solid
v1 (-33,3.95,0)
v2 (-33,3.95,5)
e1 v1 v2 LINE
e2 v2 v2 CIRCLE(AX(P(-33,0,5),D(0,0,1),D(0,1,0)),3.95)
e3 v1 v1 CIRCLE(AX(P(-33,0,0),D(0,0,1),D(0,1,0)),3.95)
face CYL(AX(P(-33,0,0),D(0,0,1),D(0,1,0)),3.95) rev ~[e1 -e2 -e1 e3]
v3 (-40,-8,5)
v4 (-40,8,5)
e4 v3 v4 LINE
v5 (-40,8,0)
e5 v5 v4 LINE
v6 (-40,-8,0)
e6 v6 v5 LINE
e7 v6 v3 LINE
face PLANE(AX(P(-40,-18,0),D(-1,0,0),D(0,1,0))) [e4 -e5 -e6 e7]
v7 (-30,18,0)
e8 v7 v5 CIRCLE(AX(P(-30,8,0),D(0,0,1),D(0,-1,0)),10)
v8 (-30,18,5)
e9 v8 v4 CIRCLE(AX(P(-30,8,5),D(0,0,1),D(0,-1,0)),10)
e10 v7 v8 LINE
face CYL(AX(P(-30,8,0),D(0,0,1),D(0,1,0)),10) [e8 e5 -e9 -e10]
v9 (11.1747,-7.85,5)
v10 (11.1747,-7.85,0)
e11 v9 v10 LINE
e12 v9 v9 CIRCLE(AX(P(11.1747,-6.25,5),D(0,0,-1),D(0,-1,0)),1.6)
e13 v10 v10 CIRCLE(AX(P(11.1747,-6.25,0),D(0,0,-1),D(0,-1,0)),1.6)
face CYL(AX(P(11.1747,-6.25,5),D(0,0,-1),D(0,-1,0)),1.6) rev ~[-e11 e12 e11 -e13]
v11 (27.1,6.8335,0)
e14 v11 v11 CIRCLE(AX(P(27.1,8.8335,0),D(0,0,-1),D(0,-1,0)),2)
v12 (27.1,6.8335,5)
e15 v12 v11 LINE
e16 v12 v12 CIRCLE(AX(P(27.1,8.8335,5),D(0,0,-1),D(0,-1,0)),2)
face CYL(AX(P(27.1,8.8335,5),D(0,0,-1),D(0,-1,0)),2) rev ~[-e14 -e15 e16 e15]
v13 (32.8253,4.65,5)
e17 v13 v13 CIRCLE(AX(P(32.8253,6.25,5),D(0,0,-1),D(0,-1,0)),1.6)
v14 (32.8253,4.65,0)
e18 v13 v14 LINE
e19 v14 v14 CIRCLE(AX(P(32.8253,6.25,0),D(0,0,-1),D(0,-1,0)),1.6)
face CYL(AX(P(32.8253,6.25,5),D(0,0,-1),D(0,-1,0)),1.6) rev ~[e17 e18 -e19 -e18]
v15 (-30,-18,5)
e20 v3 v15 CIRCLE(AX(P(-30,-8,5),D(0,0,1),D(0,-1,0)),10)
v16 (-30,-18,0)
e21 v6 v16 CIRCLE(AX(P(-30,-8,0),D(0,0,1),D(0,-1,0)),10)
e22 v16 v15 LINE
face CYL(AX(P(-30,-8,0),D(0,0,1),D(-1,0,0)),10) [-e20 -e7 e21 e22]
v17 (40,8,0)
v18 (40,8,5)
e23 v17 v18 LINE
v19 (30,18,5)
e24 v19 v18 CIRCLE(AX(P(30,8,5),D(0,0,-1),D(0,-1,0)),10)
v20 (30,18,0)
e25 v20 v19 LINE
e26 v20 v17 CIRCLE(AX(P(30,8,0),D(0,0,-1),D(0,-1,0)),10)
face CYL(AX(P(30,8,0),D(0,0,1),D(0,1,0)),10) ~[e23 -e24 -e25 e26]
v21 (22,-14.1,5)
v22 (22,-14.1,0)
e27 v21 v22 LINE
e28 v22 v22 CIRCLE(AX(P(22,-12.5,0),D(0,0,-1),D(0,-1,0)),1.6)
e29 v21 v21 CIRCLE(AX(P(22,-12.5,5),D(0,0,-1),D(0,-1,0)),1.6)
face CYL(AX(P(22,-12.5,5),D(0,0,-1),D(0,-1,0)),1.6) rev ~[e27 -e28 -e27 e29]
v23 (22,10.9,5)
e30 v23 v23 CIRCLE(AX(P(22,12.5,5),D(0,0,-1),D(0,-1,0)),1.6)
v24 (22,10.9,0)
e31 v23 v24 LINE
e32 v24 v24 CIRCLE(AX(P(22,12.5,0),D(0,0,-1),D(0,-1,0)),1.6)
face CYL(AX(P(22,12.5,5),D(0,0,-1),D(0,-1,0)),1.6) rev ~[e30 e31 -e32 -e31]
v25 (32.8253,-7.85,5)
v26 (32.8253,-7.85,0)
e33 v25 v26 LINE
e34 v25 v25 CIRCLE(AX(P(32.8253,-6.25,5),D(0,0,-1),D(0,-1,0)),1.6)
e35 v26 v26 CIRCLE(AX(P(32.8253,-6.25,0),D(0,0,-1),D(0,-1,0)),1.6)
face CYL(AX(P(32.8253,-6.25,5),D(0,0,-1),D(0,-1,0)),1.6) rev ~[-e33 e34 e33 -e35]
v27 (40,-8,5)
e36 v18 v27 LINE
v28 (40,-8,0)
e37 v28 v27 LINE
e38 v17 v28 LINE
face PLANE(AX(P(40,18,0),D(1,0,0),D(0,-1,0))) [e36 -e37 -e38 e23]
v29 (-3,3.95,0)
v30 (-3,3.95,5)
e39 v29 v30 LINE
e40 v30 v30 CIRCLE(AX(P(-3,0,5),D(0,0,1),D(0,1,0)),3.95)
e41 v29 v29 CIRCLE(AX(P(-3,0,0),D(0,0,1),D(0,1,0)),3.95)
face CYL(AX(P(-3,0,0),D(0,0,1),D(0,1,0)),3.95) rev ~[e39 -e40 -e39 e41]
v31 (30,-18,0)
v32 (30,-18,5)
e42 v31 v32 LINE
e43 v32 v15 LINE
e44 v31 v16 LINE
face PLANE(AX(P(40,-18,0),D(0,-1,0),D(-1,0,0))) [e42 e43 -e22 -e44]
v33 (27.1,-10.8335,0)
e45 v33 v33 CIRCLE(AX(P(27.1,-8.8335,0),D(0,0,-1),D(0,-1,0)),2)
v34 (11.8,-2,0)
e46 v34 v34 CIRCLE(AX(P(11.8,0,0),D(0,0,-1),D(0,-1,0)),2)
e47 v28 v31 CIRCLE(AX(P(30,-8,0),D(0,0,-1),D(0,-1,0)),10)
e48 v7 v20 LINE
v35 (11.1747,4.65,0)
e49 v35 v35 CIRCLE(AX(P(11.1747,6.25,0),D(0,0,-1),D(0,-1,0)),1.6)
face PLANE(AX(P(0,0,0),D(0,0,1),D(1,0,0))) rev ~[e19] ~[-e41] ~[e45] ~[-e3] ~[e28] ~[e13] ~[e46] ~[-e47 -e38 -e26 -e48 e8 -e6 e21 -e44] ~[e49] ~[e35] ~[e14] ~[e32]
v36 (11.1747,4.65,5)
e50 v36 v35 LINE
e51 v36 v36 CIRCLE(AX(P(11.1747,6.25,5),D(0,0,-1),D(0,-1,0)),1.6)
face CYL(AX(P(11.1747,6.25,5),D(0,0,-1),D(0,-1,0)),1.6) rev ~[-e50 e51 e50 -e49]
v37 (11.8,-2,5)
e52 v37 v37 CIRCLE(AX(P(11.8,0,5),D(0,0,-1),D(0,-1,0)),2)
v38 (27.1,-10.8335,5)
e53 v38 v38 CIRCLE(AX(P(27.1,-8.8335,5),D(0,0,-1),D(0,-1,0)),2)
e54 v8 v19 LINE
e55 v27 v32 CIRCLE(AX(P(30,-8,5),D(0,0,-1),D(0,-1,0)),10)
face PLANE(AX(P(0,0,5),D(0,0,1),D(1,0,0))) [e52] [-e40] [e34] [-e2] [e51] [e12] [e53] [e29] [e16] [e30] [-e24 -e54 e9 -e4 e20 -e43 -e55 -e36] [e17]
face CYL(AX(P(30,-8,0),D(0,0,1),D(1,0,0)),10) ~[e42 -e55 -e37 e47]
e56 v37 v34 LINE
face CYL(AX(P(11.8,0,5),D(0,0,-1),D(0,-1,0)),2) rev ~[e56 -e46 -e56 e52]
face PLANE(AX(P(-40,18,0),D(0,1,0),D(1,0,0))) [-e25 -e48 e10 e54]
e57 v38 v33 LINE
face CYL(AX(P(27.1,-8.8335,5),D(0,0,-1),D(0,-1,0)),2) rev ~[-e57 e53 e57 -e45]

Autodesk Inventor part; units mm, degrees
ref_plane "YZ Plane" through (0, 0, 0) normal (1, 0, 0) x (0, 1, 0)
ref_plane "XZ Plane" through (0, 0, 0) normal (0, 1, 0) x (-1, 0, 0)
ref_plane "XY Plane" through (0, 0, 0) normal (0, 0, 1) x (1, 0, 0)
sketch "スケッチ1" plane through (0, 0, 0) normal (0, 0, 1) x (1, 0, 0)
  line L0 (-40, 18) -> (40, 18)
  line L1 (40, 18) -> (40, -18)
  line L2 (40, -18) -> (-40, -18)
  line L3 (-40, -18) -> (-40, 18)
  line L4 (0, 0) -> (0, 18) construction
  line L5 (0, 0) -> (40, 0) construction
  dimension "d0" = 36
  dimension "d1" = 80
extrude "プレート1" add sketch "スケッチ1" along normal blind 5
sketch "スケッチ2" plane through (0, 0, 5) normal (0, 0, 1) x (1, 0, 0)
  line L0 (40, 18) -> (40, -18) projected
  line L1 (-40, 18) -> (-40, -18) projected
  line L2 (-40, 0) -> (40, 0) construction
  point P0 (22, 0)
  point P1 (11.8, 0)
  point P2 (27.1, -8.8335)
  point P3 (27.1, 8.8335)
  dimension "d3" = 10.2
  dimension "d6" = 360
  dimension "d116" = 18
hole "穴1" at (11.8, 0, 5) at (27.1, -8.8335, 5) at (27.1, 8.8335, 5) direction (0, 0, -1) diameter 4 depth 5
sketch "スケッチ3" plane through (0, 0, 5) normal (0, 0, 1) x (1, 0, 0)
  line L0 (40, 18) -> (40, -18) projected
  point P0 (22, 0)
  point P1 (22, -12.5)
  point P2 (32.8253, -6.25)
  point P3 (32.8253, 6.25)
  point P4 (22, 12.5)
  point P5 (11.1747, 6.25)
  point P6 (11.1747, -6.25)
  dimension "d15" = 12.5
  dimension "d18" = 360
  dimension "d117" = 18
hole "穴2" at (22, -12.5, 5) at (32.8253, -6.25, 5) at (32.8253, 6.25, 5) at (22, 12.5, 5) at (11.1747, 6.25, 5) at (11.1747, -6.25, 5) direction (0, 0, -1) diameter 3.2 depth 5
sketch "スケッチ13" plane through (0, 0, 0) normal (0, 0, -1) x (-1, 0, 0)
  line L0 (0, 0) -> (40, 0) construction
  line L1 (40, -18) -> (40, 18) projected
  line L2 (-40, 18) -> (-40, -18) projected
  point P0 (33, 0)
  point P1 (3, 0)
  dimension "d127" = 30
  dimension "d128" = 43
hole "穴10" at (-33, 0, 0) at (-3, 0, 0) direction (0, 0, 1) diameter 7.9 depth 5
fillet "フィレット1" radius 10 4 edges at (40, -18, 2.5) (40, 18, 2.5) (-40, 18, 2.5) (-40, -18, 2.5)
equation "\"d13\" = d3"
equation "\"d125\" = Thickness"
equation "\"d2\" = Thickness"
equation "\"BendRadius\" = Thickness"
equation "\"BendReliefWidth\" = Thickness"
equation "\"BendReliefDepth\" = 0.5 * Thickness"
equation "\"TransitionRadius\" = BendRadius"
equation "\"JacobiRadiusSize\" = BendRadius"
equation "\"GapSize\" = Thickness"
equation "\"Thickness\" = 5"
properties part number "link_plate" material "アルミニウム 6061"
